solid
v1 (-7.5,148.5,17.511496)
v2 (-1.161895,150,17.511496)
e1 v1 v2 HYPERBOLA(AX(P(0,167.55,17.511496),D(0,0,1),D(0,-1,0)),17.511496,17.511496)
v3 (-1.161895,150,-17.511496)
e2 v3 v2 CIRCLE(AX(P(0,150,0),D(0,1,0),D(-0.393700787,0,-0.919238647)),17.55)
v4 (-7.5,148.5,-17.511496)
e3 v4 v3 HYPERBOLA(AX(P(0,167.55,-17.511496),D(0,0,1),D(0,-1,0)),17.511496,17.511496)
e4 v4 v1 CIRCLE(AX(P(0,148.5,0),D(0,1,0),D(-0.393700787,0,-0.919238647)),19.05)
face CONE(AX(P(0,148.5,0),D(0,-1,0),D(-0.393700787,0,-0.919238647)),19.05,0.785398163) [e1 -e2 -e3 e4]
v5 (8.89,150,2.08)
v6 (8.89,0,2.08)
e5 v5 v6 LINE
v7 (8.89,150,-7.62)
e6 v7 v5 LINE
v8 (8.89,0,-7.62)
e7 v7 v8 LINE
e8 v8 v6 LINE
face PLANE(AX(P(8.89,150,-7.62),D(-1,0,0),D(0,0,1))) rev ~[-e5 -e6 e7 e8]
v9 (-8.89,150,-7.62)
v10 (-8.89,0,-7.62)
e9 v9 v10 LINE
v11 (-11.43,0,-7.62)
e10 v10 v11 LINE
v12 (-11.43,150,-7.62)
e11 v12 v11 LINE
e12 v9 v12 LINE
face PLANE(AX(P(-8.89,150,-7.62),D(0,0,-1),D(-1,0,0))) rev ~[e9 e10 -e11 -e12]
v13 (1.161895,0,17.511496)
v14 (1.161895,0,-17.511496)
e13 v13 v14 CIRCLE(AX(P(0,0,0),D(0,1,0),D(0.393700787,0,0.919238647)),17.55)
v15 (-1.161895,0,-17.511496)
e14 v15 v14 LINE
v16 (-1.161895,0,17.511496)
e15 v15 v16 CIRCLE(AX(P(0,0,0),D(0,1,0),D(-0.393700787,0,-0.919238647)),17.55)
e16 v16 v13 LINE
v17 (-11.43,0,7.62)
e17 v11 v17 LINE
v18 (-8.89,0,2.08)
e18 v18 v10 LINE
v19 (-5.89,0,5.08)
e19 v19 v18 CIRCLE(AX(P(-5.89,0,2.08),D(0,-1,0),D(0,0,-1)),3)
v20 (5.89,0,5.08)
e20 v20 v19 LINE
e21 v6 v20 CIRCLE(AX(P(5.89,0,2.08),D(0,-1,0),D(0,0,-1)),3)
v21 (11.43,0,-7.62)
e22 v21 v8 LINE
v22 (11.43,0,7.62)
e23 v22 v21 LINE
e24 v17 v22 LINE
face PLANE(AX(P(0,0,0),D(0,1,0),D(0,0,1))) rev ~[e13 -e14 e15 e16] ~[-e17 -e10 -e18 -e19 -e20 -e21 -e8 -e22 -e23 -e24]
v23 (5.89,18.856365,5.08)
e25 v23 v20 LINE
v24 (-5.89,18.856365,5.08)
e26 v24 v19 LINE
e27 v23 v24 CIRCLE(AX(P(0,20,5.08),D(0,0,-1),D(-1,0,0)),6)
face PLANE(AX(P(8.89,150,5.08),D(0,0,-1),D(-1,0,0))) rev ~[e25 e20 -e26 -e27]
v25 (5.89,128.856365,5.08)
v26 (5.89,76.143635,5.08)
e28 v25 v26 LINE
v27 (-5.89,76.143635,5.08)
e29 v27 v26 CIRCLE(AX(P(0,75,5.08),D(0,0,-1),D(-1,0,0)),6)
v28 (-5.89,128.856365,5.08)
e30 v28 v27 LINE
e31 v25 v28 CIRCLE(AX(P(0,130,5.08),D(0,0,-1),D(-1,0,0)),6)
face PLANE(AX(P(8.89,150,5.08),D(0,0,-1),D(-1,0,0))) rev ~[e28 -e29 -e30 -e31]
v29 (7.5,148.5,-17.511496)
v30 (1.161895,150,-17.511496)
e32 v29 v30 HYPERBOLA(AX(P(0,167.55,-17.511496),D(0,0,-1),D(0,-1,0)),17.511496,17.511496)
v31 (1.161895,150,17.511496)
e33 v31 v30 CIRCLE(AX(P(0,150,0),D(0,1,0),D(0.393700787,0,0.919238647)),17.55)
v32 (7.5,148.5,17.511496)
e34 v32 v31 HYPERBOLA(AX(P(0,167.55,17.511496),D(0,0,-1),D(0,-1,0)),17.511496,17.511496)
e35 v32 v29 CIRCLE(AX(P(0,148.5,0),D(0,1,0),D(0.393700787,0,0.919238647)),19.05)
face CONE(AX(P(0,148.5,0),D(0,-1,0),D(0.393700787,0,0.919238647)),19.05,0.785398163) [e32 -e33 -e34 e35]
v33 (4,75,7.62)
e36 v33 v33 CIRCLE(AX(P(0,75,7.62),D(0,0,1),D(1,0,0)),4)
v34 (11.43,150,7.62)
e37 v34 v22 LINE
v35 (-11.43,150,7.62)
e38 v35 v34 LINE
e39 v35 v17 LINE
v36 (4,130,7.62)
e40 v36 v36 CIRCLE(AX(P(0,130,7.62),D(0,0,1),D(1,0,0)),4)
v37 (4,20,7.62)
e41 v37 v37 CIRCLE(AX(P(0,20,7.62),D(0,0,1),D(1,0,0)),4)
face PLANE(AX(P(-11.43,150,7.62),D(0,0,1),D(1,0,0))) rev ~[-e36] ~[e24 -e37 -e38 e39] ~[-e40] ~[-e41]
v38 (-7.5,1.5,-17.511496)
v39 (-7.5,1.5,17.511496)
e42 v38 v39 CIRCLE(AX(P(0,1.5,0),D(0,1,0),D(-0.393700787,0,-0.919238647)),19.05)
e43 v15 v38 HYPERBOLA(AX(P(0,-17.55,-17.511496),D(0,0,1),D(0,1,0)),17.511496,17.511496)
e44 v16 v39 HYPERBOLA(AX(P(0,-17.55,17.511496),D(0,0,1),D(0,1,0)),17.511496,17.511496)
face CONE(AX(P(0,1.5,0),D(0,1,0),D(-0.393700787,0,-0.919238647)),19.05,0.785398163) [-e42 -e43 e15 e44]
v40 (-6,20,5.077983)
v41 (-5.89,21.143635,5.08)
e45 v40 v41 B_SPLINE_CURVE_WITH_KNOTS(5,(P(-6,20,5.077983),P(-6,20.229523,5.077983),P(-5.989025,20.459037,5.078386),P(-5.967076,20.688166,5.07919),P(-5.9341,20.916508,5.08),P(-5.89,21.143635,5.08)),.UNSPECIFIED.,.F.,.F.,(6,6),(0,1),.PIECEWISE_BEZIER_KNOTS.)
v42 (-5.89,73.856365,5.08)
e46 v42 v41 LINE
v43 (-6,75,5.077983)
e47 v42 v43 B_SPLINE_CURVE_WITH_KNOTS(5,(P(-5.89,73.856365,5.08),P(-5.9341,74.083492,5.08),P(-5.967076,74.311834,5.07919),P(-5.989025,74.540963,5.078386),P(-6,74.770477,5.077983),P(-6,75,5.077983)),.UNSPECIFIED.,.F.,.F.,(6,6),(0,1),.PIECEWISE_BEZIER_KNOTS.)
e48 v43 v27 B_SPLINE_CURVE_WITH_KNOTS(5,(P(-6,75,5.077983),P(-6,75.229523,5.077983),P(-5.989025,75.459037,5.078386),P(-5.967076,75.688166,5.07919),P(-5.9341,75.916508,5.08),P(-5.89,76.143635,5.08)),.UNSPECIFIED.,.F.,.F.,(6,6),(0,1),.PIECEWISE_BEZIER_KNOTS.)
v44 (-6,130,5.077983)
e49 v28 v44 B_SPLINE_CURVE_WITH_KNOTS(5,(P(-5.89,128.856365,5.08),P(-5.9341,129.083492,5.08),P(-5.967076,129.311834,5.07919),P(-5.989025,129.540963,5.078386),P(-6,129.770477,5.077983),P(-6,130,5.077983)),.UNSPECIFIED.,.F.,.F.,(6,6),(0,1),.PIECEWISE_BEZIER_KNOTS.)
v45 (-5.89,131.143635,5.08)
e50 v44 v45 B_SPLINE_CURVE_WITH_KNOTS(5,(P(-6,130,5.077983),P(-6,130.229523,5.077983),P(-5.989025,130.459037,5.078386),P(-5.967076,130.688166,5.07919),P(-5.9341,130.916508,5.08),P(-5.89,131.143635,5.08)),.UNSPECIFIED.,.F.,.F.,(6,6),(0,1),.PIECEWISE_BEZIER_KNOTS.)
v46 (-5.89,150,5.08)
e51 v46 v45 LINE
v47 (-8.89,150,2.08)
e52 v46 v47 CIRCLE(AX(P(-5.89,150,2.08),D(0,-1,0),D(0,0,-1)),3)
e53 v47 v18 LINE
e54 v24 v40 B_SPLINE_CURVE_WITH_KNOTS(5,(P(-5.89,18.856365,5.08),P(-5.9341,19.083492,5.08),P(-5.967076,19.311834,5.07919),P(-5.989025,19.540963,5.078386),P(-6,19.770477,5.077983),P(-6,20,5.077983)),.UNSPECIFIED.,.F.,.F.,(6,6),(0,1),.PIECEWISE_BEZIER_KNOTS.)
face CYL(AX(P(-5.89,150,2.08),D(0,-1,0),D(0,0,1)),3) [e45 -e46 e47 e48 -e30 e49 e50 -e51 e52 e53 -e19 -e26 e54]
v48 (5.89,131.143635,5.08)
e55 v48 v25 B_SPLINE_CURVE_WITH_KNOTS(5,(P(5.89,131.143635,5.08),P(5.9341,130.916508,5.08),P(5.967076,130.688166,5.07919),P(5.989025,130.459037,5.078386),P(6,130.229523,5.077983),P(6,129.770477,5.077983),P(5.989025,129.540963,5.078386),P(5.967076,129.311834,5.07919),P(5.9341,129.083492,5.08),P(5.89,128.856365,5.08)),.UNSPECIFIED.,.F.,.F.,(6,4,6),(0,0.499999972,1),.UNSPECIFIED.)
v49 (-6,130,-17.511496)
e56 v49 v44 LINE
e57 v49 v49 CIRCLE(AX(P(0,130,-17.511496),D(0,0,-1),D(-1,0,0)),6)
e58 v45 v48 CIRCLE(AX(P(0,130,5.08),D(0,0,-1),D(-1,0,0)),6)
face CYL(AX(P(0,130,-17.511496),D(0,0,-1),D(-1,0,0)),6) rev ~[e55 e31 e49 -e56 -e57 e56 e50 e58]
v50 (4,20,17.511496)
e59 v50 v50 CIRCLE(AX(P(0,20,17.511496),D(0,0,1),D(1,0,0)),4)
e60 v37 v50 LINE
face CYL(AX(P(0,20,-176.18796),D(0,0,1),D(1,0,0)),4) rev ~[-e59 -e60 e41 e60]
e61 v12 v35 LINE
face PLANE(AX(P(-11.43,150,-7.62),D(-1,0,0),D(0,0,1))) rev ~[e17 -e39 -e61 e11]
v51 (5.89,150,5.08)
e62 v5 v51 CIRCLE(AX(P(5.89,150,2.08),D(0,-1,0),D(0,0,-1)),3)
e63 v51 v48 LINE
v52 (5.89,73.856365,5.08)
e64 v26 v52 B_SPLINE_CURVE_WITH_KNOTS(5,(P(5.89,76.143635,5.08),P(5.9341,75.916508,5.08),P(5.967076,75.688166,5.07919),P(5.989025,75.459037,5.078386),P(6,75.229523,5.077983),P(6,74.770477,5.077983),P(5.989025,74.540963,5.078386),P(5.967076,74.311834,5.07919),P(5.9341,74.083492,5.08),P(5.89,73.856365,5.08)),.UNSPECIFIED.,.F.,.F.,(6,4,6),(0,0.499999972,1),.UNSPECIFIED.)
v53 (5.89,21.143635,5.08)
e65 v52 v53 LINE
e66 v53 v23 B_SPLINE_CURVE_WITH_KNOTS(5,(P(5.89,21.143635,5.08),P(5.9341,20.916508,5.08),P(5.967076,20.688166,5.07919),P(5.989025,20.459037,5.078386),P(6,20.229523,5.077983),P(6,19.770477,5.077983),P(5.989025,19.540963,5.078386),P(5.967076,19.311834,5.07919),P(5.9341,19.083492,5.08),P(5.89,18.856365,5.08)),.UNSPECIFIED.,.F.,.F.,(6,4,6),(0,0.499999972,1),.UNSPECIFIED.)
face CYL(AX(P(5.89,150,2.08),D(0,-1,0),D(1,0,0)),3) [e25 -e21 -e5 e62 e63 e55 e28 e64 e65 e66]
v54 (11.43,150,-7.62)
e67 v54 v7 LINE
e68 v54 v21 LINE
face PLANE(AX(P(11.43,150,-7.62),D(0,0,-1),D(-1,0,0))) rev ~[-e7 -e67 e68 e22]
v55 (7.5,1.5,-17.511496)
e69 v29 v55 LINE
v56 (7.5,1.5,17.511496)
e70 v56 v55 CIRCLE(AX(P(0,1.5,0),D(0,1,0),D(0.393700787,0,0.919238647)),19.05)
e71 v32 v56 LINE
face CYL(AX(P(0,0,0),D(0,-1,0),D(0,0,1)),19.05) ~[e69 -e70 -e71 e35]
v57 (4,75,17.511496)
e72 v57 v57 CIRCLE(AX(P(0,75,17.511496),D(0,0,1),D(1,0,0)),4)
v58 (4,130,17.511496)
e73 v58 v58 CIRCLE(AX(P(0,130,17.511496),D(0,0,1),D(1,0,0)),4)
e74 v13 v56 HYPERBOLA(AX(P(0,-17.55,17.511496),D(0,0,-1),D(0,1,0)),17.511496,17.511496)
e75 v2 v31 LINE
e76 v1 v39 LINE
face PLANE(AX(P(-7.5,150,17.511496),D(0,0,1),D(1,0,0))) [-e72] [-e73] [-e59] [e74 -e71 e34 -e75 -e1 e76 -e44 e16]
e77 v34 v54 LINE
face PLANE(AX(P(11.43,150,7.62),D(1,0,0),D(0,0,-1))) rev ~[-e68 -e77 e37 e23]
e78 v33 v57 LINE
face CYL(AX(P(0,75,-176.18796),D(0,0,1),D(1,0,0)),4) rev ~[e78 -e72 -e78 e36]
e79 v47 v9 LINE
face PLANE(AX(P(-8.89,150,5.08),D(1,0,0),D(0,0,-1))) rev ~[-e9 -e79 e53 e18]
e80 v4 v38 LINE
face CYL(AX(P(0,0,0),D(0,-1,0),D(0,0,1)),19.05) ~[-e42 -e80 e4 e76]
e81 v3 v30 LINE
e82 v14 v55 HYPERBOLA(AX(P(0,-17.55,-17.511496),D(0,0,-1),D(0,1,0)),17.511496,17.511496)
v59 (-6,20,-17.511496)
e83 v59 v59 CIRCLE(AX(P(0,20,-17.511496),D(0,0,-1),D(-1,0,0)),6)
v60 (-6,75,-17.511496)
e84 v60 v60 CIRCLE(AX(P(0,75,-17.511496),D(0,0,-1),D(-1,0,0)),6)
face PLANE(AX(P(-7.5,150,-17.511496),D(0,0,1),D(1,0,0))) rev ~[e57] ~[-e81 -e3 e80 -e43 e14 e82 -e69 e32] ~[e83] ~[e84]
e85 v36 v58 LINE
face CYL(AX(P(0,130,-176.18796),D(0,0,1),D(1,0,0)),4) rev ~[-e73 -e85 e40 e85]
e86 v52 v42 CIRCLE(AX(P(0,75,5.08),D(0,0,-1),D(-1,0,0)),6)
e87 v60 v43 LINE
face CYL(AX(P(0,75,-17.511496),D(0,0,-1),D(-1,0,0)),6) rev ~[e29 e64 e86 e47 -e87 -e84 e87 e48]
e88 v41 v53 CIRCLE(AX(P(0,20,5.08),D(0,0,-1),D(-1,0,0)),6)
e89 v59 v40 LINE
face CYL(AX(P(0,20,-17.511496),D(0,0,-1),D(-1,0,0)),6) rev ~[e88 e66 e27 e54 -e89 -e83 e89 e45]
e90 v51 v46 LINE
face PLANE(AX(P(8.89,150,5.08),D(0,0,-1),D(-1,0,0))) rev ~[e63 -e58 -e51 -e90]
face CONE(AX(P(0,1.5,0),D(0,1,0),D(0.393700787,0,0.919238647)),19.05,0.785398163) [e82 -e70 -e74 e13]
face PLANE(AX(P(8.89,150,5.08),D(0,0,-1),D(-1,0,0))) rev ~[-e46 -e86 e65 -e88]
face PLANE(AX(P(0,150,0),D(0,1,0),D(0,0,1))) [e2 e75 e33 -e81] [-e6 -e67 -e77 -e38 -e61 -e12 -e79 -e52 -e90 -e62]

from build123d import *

# Parameters (mm, degrees)
SKETCH1_R             = 19.05
BOSS_EXTRUDE1_DEPTH   = 150
CUT_EXTRUDE1_DEPTH    = 153.400147638
FILLET1_R             = 3
CUT_EXTRUDE2_DEPTH    = 153.400147638
CHAMFER1_SIZE         = 1.5
F_8_0MM_DOWEL_HOLE1_D = 8
CUT_EXTRUDE3_REACH    = 157.208
SKETCH6_R             = 6


with BuildPart() as part:
    # Sketch1 → Boss-Extrude1 (new body)
    with BuildSketch(Plane(origin=(0, 0, 0), x_dir=(1, 0, 0), z_dir=(0, 1, 0))):
        with Locations(Location((0, 0, 0), (0, 0, 270))):
            Circle(SKETCH1_R)
    extrude(amount=BOSS_EXTRUDE1_DEPTH)

    # Sketch2 → Cut-Extrude1 (cut, through all)
    with BuildSketch(Plane(origin=(0, 150, 0), x_dir=(1, 0, 0), z_dir=(0, 1, 0))):
        Polygon((-11.43, -7.62), (11.43, -7.62), (11.43, 7.62), (8.89, 7.62), (8.89, -5.08), (-8.89, -5.08), (-8.89, 7.62), (-11.43, 7.62), align=None)
    extrude(amount=-CUT_EXTRUDE1_DEPTH, mode=Mode.SUBTRACT)

    # Fillet1
    fillet1_edges = [part.edges().sort_by_distance(p)[0] for p in [
        (-8.89, 75, 5.08),
        (8.89, 75, 5.08),
    ]]
    fillet(fillet1_edges, radius=FILLET1_R)

    # Sketch3 → Cut-Extrude2 (cut, through all)
    with BuildSketch(Plane(origin=(0, 150, 0), x_dir=(1, 0, 0), z_dir=(0, 1, 0))):
        with BuildLine():
            Line((-7.5, 17.511496224), (7.5, 17.511496224))
            ThreePointArc((7.5, 17.511496224), (0, 19.05), (-7.5, 17.511496224))
        make_face()
        with BuildLine():
            Line((-7.5, -17.511496224), (7.5, -17.511496224))
            ThreePointArc((7.5, -17.511496224), (0, -19.05), (-7.5, -17.511496224))
        make_face()
    extrude(amount=-CUT_EXTRUDE2_DEPTH, mode=Mode.SUBTRACT)

    # Chamfer1
    chamfer1_edges = [part.edges().sort_by_distance(p)[0] for p in [
        (19.05, 0, 0),
        (-19.05, 0, 0),
        (-19.05, 150, 0),
        (19.05, 150, 0),
    ]]
    chamfer(chamfer1_edges, length=CHAMFER1_SIZE)

    # Ø8.0mm Dowel Hole1 (through all)
    with Locations(Plane(origin=(0, 0, -17.511496224), x_dir=(-1, 0, 0), z_dir=(0, 0, -1))):
        with Locations((0, 130), (0, 75), (0, 20)):
            Hole(F_8_0MM_DOWEL_HOLE1_D / 2)

    # Cut-Extrude3: up to this face of the body (flat: up to its plane)
    cut_extrude3_end = Plane(part.part.faces().sort_by_distance((0, 148.482680666, 7.62))[0])
    # Sketch6 → Cut-Extrude3 (cut, up to the picked face)
    with BuildSketch(Plane(origin=(0, 0, -17.511496224), x_dir=(-1, 0, 0), z_dir=(0, 0, -1)), mode=Mode.PRIVATE) as cut_extrude3_sk1:
        with Locations((0, 130)):
            Circle(SKETCH6_R)
    cut_extrude3_tool1 = split(extrude(cut_extrude3_sk1.sketch, amount=-CUT_EXTRUDE3_REACH, mode=Mode.PRIVATE), bisect_by=cut_extrude3_end, keep=Keep.BOTH, mode=Mode.PRIVATE)
    # Sketch6 → Cut-Extrude3 (cut, up to the picked face)
    with BuildSketch(Plane(origin=(0, 0, -17.511496224), x_dir=(-1, 0, 0), z_dir=(0, 0, -1)), mode=Mode.PRIVATE) as cut_extrude3_sk2:
        with Locations((0, 75)):
            Circle(SKETCH6_R)
    cut_extrude3_tool2 = split(extrude(cut_extrude3_sk2.sketch, amount=-CUT_EXTRUDE3_REACH, mode=Mode.PRIVATE), bisect_by=cut_extrude3_end, keep=Keep.BOTH, mode=Mode.PRIVATE)
    # Sketch6 → Cut-Extrude3 (cut, up to the picked face)
    with BuildSketch(Plane(origin=(0, 0, -17.511496224), x_dir=(-1, 0, 0), z_dir=(0, 0, -1)), mode=Mode.PRIVATE) as cut_extrude3_sk3:
        with Locations((0, 20)):
            Circle(SKETCH6_R)
    cut_extrude3_tool3 = split(extrude(cut_extrude3_sk3.sketch, amount=-CUT_EXTRUDE3_REACH, mode=Mode.PRIVATE), bisect_by=cut_extrude3_end, keep=Keep.BOTH, mode=Mode.PRIVATE)
    add(cut_extrude3_tool1.solids().sort_by(Axis((0, 130, -17.511496), (0, 0, 1)))[0], mode=Mode.SUBTRACT)
    add(cut_extrude3_tool2.solids().sort_by(Axis((0, 75, -17.511496), (0, 0, 1)))[0], mode=Mode.SUBTRACT)
    add(cut_extrude3_tool3.solids().sort_by(Axis((0, 20, -17.511496), (0, 0, 1)))[0], mode=Mode.SUBTRACT)


solid = part.part
